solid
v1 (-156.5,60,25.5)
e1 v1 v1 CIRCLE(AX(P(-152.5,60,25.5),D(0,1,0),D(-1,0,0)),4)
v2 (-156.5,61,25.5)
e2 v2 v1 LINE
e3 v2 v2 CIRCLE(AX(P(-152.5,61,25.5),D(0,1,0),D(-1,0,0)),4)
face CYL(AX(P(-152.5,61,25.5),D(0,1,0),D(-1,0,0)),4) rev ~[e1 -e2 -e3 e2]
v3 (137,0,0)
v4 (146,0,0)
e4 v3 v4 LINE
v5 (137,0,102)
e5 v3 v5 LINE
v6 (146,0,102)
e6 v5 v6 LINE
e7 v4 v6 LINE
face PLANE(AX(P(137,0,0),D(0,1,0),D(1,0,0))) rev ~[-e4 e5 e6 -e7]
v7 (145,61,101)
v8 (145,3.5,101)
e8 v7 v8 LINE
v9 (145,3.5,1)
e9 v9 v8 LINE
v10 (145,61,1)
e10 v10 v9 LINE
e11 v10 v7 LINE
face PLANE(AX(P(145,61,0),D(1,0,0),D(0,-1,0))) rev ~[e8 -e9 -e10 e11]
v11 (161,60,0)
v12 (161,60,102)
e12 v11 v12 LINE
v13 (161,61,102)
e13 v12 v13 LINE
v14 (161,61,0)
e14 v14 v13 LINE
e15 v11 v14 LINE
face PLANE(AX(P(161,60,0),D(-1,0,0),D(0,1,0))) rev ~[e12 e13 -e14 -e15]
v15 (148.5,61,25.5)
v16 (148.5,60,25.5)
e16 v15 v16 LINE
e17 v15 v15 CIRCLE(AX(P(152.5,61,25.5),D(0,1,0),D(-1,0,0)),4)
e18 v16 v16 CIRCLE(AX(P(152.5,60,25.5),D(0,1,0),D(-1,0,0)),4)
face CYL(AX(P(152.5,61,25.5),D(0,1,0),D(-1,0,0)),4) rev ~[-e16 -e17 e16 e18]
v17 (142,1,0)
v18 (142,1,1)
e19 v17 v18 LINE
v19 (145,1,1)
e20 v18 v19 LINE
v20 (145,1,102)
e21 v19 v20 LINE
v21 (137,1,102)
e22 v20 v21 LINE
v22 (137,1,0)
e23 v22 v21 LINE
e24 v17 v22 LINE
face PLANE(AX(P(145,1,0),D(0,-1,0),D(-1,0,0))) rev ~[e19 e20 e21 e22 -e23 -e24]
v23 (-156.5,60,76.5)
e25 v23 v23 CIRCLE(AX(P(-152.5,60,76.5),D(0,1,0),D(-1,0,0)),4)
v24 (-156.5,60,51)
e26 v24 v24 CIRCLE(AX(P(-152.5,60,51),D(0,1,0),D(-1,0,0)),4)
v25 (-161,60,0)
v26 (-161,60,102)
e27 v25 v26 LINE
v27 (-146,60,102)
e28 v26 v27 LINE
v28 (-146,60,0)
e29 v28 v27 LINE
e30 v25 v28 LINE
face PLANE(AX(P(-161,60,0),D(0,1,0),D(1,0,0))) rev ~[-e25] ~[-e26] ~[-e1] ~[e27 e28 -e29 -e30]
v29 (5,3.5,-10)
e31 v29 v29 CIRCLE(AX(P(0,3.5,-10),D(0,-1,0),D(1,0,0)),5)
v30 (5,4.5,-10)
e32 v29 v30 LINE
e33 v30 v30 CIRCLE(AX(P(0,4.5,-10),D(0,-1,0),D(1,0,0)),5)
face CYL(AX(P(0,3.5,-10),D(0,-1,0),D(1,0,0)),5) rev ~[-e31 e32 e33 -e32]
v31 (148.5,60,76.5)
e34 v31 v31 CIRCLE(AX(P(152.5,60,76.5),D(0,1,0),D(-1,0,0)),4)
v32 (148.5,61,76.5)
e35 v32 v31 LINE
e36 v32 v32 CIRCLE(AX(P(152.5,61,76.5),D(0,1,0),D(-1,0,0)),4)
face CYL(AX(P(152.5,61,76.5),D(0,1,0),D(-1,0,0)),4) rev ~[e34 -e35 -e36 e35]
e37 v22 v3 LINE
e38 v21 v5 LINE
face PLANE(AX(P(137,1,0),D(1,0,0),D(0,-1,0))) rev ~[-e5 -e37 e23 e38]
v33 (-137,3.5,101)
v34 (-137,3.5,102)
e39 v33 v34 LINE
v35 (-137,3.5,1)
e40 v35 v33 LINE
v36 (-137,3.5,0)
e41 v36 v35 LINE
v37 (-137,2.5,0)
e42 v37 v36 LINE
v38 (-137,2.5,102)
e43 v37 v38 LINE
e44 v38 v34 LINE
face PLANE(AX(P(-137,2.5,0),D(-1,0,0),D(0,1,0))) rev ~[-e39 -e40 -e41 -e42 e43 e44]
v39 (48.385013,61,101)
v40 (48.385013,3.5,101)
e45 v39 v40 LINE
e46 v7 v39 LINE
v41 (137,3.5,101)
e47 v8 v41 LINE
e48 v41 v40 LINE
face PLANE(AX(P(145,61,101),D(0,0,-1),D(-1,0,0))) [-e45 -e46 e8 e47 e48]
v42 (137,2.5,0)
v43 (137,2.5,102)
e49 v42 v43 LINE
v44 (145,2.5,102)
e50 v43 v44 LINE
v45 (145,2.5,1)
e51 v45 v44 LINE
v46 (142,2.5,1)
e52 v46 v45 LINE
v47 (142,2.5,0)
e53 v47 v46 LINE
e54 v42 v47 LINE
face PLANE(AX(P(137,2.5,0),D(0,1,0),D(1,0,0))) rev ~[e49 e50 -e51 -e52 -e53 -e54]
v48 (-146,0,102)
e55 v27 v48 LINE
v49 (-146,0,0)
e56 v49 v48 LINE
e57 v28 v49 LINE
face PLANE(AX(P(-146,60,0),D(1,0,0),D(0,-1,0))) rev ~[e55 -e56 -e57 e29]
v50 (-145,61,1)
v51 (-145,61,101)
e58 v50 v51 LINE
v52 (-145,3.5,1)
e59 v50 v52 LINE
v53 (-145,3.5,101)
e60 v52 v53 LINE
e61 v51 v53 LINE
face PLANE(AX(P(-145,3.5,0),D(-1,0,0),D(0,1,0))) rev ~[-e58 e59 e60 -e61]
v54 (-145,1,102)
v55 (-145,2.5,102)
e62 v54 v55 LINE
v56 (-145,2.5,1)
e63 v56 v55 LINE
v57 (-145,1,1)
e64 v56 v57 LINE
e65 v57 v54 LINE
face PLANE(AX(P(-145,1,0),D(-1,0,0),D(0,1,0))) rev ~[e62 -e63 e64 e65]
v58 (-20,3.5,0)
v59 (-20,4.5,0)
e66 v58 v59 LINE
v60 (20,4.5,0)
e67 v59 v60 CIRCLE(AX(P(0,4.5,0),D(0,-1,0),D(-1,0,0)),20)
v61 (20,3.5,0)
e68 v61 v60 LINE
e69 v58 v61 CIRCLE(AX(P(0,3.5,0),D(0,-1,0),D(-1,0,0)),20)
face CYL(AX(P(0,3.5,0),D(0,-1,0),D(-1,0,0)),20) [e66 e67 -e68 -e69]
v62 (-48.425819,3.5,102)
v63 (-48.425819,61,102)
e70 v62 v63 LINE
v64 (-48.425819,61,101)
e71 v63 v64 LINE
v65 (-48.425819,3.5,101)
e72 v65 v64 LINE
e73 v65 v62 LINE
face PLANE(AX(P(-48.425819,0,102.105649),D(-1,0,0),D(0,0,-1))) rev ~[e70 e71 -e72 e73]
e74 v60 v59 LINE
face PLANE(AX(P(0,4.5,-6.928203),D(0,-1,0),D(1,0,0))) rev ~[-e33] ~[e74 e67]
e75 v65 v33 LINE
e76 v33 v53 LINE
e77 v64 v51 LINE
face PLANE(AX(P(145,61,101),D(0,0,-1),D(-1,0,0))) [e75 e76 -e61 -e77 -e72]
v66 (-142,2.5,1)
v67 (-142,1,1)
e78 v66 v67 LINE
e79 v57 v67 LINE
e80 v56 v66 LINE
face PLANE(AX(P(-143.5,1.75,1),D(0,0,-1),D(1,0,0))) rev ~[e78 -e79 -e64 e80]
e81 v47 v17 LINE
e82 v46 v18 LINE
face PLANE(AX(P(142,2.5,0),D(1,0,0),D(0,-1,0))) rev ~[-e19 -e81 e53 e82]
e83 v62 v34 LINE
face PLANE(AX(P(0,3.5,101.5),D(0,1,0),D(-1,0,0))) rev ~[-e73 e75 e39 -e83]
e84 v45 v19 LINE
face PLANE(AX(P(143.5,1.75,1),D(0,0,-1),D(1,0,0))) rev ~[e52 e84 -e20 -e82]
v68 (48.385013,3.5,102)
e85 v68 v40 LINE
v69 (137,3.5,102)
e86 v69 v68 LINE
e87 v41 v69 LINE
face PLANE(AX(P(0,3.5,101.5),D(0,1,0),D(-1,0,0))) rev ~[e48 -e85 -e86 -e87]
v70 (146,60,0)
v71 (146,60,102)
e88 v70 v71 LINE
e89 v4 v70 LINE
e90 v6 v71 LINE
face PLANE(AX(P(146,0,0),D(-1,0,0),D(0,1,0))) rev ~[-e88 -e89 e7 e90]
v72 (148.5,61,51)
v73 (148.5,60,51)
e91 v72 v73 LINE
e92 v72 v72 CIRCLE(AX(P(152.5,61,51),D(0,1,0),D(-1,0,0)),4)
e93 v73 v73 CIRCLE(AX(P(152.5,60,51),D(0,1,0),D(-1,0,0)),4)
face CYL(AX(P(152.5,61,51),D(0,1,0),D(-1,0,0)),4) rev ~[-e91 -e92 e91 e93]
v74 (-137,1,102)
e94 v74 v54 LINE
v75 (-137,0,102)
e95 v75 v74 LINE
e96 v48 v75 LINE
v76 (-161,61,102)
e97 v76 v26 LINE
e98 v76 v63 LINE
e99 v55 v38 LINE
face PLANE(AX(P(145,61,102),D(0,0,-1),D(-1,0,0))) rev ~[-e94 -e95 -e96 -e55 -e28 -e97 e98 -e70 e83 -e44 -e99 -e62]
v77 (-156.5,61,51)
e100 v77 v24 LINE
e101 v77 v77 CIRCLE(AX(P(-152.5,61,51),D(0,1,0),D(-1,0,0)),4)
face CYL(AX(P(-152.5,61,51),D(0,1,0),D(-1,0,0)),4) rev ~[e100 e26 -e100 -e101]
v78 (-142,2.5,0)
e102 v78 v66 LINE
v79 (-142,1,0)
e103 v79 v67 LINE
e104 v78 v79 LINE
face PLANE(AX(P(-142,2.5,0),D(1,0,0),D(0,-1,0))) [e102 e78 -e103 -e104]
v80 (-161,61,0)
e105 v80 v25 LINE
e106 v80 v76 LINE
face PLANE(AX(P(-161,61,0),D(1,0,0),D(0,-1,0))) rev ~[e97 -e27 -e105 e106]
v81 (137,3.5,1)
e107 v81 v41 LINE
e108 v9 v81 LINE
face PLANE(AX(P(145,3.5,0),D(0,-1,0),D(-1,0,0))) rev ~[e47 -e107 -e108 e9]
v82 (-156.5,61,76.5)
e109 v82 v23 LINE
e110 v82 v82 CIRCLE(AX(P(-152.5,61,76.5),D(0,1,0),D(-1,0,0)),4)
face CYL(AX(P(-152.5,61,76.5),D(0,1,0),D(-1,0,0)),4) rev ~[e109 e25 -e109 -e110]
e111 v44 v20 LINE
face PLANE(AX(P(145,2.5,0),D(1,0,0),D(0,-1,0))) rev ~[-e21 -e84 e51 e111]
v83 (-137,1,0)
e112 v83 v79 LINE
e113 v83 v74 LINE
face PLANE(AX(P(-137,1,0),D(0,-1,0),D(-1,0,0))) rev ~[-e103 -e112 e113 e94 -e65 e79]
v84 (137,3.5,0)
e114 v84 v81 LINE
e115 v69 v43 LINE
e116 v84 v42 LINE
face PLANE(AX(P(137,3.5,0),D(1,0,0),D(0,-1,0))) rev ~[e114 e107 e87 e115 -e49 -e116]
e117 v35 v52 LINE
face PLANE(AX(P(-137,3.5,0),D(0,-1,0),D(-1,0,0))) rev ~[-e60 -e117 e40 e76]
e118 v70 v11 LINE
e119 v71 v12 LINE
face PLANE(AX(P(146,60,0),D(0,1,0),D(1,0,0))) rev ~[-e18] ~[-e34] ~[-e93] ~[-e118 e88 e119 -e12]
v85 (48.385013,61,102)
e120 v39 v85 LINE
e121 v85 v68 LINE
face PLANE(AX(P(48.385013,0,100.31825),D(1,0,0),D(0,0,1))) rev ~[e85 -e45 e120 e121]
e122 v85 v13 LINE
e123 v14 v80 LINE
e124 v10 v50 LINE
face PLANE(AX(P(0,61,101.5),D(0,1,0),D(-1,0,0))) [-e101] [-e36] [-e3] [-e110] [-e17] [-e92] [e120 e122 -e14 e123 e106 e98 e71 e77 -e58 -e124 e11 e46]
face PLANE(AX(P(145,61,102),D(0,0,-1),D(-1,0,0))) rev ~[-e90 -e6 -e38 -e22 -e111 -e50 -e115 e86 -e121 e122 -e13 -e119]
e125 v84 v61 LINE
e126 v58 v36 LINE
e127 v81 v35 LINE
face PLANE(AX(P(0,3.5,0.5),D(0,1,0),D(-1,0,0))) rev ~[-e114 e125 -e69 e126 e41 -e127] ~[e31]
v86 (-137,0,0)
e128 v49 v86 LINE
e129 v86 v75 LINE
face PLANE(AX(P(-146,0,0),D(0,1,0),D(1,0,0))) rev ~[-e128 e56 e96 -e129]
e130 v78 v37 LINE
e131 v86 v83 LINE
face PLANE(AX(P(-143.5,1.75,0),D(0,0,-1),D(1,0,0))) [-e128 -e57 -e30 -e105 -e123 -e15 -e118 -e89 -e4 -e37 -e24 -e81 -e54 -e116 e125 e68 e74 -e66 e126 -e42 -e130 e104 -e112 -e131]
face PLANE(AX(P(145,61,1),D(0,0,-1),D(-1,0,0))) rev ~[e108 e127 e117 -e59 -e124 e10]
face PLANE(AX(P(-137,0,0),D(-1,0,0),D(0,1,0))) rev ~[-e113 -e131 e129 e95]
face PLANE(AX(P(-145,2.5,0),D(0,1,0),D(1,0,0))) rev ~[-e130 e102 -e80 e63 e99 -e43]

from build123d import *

# Parameters (mm, degrees)
F1_DEPTH  = 102
F2_W      = 290
F2_H      = 1
F3_DEPTH  = 57.5
F2_R      = 4
F4_DEPTH  = 1
F5_W      = 3
F5_H      = 1.5
F6_DEPTH  = 1
F7_R      = 5
F8_DEPTH  = 1
F10_DEPTH = 61


with BuildPart() as f1:
    # F0 (on Top) → F1 (new body)
    with BuildSketch(Plane.XY):
        Polygon((-146, 60), (-146, 0), (-137, 0), (-137, 1), (-145, 1), (-145, 2.5), (-137, 2.5), (-137, 3.5), (-145, 3.5), (-145, 61), (-161, 61), (-161, 60), align=None)
    extrude(amount=F1_DEPTH)



with BuildPart() as f1b:
    # F0 (on Top) → F1, piece 2 (new body)
    with BuildSketch(Plane.XY):
        Polygon((137, 1), (137, 0), (146, 0), (146, 60), (161, 60), (161, 61), (145, 61), (145, 3.5), (137, 3.5), (137, 2.5), (145, 2.5), (145, 1), align=None)
    extrude(amount=F1_DEPTH)


with BuildPart() as f1_1:
    add(f1.part)

    add(f1b.part)  # F3 merges F1b
    # F2 (on face) → F3 (join)
    with BuildSketch(Plane(origin=(0, 61, 0), x_dir=(-1, 0, 0), z_dir=(0, 1, 0))):
        with Locations((0, 101.5)):
            Rectangle(F2_W, F2_H)
        with Locations((0, 0.5)):
            Rectangle(F2_W, F2_H)
    extrude(amount=-F3_DEPTH)

    # F2 (on face) → F4 (cut, through all)
    with BuildSketch(Plane(origin=(0, 61, 0), x_dir=(-1, 0, 0), z_dir=(0, 1, 0))):
        with Locations((-152.5, 76.5)):
            Circle(F2_R)
        with Locations((-152.5, 51)):
            Circle(F2_R)
        with Locations((-152.5, 25.5)):
            Circle(F2_R)
        with Locations((152.5, 76.5)):
            Circle(F2_R)
        with Locations((152.5, 51)):
            Circle(F2_R)
        with Locations((152.5, 25.5)):
            Circle(F2_R)
    extrude(amount=-F4_DEPTH, mode=Mode.SUBTRACT)

    # F5 (on face) → F6 (join)
    with BuildSketch(Plane(origin=(0, 0, 0), x_dir=(1, 0, 0), z_dir=(0, 0, -1))):
        with Locations((-143.5, -1.75)):
            Rectangle(F5_W, F5_H)
        with Locations((143.5, -1.75)):
            Rectangle(F5_W, F5_H)
    extrude(amount=-F6_DEPTH)

    # F7 (on face) → F8 (join)
    with BuildSketch(Plane.XZ.offset(-3.5)):
        with BuildLine():
            Line((20, 0), (-20, 0))
            ThreePointArc((-20, 0), (0, -20), (20, 0))
        make_face()
        with Locations((0, -10)):
            Circle(F7_R, mode=Mode.SUBTRACT)
    extrude(amount=-F8_DEPTH)

    # F9 (on Front) → F10 (cut)
    with BuildSketch(Plane.XZ):
        Polygon((48.3850128949, 102.0231251585), (-48.4258194991, 102.1056490811), (-48.4258194991, 100.3182497944), (48.3850128949, 100.3182497944), align=None)
    extrude(amount=-F10_DEPTH, mode=Mode.SUBTRACT)


solid = f1_1.part
